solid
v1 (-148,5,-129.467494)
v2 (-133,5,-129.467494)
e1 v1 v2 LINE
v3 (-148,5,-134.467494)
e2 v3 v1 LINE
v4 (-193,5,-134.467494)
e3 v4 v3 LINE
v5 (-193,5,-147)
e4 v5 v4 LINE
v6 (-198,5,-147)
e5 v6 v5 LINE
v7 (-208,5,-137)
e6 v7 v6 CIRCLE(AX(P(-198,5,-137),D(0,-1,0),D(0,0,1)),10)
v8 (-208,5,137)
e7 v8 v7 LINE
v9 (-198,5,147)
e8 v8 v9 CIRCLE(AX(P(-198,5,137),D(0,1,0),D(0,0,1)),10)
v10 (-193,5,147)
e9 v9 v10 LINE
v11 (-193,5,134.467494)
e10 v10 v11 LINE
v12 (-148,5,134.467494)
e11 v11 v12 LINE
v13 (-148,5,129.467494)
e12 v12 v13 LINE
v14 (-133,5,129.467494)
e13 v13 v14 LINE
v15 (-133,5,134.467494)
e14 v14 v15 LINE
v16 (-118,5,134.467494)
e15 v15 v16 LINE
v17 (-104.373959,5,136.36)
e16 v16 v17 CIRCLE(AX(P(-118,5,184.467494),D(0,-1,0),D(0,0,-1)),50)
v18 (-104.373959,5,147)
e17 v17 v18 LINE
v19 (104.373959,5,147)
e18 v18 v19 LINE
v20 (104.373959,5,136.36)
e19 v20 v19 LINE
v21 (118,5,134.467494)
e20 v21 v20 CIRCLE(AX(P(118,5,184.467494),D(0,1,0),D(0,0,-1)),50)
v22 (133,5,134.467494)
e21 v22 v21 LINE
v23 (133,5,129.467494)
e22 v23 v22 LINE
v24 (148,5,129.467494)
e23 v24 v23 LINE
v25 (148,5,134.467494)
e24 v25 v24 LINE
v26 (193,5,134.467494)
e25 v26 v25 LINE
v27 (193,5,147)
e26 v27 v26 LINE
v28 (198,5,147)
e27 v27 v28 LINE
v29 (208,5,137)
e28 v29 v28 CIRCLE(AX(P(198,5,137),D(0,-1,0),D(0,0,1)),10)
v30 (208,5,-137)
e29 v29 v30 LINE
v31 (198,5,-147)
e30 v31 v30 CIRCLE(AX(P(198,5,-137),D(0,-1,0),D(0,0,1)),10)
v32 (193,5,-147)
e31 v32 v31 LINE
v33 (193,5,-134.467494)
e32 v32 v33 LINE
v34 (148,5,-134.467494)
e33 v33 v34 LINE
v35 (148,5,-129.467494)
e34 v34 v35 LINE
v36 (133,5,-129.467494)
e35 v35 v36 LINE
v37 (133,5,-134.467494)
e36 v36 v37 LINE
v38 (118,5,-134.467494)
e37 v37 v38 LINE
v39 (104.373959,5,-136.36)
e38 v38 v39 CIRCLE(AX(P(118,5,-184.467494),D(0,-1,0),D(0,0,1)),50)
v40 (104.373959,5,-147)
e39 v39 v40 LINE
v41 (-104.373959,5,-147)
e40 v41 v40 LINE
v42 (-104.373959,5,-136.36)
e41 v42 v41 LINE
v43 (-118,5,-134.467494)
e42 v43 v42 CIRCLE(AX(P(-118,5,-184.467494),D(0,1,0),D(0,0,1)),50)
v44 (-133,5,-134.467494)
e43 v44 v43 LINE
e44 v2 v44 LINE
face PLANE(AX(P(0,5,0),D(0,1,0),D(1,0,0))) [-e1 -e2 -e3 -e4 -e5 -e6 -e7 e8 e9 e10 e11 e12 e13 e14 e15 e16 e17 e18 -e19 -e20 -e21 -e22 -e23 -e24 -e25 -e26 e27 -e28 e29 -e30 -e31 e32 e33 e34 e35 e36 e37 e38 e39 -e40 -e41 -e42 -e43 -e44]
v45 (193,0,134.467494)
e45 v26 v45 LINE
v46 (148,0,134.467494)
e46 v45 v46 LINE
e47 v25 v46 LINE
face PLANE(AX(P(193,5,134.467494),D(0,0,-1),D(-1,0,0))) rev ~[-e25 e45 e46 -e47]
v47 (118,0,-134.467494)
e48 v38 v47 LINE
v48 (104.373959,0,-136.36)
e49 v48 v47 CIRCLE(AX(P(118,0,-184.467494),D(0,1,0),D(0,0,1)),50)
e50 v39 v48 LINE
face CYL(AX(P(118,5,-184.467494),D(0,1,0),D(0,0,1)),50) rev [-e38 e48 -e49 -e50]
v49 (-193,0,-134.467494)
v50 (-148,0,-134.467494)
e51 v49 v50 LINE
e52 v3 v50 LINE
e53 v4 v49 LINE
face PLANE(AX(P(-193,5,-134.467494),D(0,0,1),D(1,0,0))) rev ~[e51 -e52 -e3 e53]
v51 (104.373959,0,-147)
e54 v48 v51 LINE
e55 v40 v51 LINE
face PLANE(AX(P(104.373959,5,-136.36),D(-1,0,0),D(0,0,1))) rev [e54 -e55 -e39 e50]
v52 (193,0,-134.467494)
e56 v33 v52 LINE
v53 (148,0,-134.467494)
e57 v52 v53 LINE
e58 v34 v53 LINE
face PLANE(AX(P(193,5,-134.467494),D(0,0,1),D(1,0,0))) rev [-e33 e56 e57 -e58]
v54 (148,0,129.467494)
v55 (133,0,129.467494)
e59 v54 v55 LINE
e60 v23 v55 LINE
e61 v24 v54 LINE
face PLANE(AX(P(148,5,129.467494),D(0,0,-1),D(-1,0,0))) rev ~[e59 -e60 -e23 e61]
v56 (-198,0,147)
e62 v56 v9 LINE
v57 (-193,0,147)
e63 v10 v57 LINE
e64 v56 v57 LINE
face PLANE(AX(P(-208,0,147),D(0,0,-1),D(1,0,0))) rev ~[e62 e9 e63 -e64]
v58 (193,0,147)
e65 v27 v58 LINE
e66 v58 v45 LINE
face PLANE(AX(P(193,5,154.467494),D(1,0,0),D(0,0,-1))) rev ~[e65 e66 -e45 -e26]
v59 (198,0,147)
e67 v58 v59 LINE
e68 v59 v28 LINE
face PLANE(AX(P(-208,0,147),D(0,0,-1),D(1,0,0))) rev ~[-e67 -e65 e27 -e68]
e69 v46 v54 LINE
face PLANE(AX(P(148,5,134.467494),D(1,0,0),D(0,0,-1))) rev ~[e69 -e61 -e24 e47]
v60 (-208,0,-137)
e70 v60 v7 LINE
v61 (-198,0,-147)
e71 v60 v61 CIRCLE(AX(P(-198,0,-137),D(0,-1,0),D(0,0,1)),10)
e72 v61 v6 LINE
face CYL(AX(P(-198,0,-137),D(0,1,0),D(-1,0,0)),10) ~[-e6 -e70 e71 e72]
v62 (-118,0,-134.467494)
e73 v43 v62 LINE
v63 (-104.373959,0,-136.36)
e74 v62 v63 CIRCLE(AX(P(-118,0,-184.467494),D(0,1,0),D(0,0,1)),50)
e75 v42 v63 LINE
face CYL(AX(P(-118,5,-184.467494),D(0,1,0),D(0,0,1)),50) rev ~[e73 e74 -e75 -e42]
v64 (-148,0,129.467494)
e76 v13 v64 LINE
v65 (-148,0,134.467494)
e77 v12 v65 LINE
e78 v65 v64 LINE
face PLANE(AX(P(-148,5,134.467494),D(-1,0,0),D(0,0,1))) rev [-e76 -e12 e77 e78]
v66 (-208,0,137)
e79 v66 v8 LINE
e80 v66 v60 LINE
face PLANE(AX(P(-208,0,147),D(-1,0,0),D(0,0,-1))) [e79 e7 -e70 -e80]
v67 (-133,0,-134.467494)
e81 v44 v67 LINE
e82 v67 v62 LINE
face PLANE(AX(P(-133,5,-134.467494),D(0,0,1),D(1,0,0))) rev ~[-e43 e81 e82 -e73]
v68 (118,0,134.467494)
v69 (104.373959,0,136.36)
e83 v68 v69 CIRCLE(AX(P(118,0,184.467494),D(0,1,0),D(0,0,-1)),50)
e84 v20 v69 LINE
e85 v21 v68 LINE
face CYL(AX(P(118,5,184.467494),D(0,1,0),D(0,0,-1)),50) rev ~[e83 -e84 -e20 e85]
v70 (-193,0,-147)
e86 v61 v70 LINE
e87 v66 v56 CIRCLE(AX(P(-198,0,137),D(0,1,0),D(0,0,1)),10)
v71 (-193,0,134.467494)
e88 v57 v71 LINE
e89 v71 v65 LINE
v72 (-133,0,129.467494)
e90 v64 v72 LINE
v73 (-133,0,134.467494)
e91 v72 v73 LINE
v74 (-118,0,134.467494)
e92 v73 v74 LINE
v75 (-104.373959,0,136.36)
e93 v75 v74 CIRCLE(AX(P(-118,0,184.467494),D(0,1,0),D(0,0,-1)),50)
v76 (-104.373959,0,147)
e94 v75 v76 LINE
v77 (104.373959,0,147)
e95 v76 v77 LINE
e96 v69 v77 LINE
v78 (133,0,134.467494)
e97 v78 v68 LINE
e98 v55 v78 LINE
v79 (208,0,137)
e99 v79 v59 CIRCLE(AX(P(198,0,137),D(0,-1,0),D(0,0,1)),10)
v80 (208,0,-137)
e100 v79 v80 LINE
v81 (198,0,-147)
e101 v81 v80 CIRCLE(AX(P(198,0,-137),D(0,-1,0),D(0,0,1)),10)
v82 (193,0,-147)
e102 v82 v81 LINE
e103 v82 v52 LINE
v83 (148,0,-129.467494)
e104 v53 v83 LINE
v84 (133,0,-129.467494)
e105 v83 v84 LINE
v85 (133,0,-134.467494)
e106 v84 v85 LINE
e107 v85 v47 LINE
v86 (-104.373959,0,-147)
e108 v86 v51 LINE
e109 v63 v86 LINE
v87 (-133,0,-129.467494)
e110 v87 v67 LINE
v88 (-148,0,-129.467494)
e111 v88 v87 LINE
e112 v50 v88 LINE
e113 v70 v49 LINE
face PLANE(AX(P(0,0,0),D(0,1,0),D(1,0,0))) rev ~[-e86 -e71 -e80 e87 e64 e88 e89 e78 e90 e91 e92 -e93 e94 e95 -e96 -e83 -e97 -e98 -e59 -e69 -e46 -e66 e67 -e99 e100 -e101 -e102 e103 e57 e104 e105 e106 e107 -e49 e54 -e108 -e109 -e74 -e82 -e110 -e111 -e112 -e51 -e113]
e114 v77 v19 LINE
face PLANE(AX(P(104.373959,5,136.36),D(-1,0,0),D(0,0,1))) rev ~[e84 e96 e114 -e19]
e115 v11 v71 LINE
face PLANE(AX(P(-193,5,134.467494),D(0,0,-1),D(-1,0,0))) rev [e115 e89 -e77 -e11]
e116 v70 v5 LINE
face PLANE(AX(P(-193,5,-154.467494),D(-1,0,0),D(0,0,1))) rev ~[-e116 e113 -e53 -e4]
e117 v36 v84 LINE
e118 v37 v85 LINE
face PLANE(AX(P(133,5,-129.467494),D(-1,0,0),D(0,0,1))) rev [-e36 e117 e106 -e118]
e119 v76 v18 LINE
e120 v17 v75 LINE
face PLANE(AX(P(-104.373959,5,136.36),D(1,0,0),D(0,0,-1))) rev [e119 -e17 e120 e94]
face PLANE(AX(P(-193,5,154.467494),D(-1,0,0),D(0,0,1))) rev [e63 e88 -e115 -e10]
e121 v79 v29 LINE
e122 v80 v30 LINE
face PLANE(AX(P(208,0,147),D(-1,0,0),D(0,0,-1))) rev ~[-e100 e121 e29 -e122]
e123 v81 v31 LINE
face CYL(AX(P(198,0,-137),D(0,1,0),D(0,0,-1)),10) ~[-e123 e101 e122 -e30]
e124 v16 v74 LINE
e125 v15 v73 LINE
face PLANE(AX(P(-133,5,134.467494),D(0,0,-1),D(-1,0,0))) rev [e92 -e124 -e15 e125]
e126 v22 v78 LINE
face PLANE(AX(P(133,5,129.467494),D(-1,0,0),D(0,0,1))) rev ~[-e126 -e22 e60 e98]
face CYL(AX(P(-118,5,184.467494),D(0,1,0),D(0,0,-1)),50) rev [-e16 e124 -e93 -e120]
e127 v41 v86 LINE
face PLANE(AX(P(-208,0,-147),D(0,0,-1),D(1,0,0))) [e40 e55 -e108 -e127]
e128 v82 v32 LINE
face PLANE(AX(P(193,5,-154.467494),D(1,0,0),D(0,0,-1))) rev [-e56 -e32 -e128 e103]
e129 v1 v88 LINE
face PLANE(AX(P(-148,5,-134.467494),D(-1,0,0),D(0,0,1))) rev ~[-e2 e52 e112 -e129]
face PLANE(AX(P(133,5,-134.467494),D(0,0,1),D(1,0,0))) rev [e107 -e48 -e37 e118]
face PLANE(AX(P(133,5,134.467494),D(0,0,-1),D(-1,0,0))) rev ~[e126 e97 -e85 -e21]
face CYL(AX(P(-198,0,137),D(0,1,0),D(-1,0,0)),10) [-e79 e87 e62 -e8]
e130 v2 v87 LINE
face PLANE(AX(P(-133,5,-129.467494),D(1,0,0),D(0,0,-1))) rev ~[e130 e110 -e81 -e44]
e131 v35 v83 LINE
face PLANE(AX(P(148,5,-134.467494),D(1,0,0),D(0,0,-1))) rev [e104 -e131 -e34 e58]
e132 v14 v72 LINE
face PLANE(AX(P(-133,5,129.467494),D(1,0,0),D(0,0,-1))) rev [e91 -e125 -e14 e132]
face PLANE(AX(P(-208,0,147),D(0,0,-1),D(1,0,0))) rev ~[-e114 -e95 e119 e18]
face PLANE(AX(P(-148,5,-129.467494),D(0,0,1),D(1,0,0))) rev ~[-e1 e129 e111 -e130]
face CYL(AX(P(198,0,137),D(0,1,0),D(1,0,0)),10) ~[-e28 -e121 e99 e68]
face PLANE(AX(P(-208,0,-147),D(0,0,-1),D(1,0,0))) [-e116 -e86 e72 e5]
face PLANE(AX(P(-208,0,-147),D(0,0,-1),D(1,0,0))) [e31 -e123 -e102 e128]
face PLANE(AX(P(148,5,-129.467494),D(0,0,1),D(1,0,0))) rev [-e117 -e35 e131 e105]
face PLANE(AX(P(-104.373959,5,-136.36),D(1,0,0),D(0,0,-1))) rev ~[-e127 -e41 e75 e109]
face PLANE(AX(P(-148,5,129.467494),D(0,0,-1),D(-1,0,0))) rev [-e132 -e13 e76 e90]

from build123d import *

# Parameters (mm, degrees)
CROQUIS1_W              = 416
CROQUIS1_H              = 294
SALIENTE_EXTRUIR1_DEPTH = 5
CORTAR_EXTRUIR1_DEPTH   = 255.750858684
SIMETR_A2_COPY_1_DEPTH  = 255.750858684
REDONDEO1_R             = 10


with BuildPart() as part:
    # Croquis1 → Saliente-Extruir1 (new body)
    with BuildSketch(Plane(origin=(0, 0, 0), x_dir=(1, 0, 0), z_dir=(0, 1, 0))):
        Rectangle(CROQUIS1_W, CROQUIS1_H)
    extrude(amount=SALIENTE_EXTRUIR1_DEPTH)

    # Croquis2 → Cortar-Extruir1 (cut, through all)
    with BuildSketch(Plane(origin=(0, 5, 0), x_dir=(1, 0, 0), z_dir=(0, 1, 0))):
        with BuildLine():
            Line((-193, 154.467494322), (-193, 134.467494322))
            Line((-193, 134.467494322), (-148, 134.467494322))
            Line((-148, 134.467494322), (-148, 129.467494322))
            Line((-148, 129.467494322), (-133, 129.467494322))
            Line((-133, 129.467494322), (-133, 134.467494322))
            Line((-133, 134.467494322), (-118, 134.467494322))
            ThreePointArc((-118, 134.467494322), (-111.121581436, 134.942880664), (-104.373959122, 136.36))
            Line((-104.373959122, 136.36), (-104.373959122, 156.36))
            Line((-104.373959122, 156.36), (-193.373959122, 156.36))
            Line((-193.373959122, 156.36), (-193, 154.467494322))
        make_face()
    cortar_extruir1 = extrude(amount=-CORTAR_EXTRUIR1_DEPTH, mode=Mode.SUBTRACT)

    # Simetría1: Cortar-Extruir1 across plane
    add(cortar_extruir1.mirror(Plane.XY), mode=Mode.SUBTRACT)

    # Simetría2: Cortar-Extruir1 across plane
    add(cortar_extruir1.mirror(Plane(origin=(0, 0, 0), x_dir=(0, 0, 1), z_dir=(1, 0, 0))), mode=Mode.SUBTRACT)

    # Simetría2 copy 1 sketch → Simetría2 copy 1 (cut, through all)
    with BuildSketch(Plane(origin=(0, 5, 0), x_dir=(-1, 0, 0), z_dir=(0, 1, 0))):
        with BuildLine():
            Line((-193, 154.467494322), (-193, 134.467494322))
            Line((-193, 134.467494322), (-148, 134.467494322))
            Line((-148, 134.467494322), (-148, 129.467494322))
            Line((-148, 129.467494322), (-133, 129.467494322))
            Line((-133, 129.467494322), (-133, 134.467494322))
            Line((-133, 134.467494322), (-118, 134.467494322))
            ThreePointArc((-118, 134.467494322), (-111.121581436, 134.942880664), (-104.373959122, 136.36))
            Line((-104.373959122, 136.36), (-104.373959122, 156.36))
            Line((-104.373959122, 156.36), (-193.373959122, 156.36))
            Line((-193.373959122, 156.36), (-193, 154.467494322))
        make_face()
    extrude(amount=-SIMETR_A2_COPY_1_DEPTH, mode=Mode.SUBTRACT)

    # Redondeo1
    redondeo1_edges = [part.edges().sort_by_distance(p)[0] for p in [
        (208, 2.5, 147),
        (-208, 2.5, 147),
        (-208, 2.5, -147),
        (208, 2.5, -147),
    ]]
    fillet(redondeo1_edges, radius=REDONDEO1_R)


solid = part.part
